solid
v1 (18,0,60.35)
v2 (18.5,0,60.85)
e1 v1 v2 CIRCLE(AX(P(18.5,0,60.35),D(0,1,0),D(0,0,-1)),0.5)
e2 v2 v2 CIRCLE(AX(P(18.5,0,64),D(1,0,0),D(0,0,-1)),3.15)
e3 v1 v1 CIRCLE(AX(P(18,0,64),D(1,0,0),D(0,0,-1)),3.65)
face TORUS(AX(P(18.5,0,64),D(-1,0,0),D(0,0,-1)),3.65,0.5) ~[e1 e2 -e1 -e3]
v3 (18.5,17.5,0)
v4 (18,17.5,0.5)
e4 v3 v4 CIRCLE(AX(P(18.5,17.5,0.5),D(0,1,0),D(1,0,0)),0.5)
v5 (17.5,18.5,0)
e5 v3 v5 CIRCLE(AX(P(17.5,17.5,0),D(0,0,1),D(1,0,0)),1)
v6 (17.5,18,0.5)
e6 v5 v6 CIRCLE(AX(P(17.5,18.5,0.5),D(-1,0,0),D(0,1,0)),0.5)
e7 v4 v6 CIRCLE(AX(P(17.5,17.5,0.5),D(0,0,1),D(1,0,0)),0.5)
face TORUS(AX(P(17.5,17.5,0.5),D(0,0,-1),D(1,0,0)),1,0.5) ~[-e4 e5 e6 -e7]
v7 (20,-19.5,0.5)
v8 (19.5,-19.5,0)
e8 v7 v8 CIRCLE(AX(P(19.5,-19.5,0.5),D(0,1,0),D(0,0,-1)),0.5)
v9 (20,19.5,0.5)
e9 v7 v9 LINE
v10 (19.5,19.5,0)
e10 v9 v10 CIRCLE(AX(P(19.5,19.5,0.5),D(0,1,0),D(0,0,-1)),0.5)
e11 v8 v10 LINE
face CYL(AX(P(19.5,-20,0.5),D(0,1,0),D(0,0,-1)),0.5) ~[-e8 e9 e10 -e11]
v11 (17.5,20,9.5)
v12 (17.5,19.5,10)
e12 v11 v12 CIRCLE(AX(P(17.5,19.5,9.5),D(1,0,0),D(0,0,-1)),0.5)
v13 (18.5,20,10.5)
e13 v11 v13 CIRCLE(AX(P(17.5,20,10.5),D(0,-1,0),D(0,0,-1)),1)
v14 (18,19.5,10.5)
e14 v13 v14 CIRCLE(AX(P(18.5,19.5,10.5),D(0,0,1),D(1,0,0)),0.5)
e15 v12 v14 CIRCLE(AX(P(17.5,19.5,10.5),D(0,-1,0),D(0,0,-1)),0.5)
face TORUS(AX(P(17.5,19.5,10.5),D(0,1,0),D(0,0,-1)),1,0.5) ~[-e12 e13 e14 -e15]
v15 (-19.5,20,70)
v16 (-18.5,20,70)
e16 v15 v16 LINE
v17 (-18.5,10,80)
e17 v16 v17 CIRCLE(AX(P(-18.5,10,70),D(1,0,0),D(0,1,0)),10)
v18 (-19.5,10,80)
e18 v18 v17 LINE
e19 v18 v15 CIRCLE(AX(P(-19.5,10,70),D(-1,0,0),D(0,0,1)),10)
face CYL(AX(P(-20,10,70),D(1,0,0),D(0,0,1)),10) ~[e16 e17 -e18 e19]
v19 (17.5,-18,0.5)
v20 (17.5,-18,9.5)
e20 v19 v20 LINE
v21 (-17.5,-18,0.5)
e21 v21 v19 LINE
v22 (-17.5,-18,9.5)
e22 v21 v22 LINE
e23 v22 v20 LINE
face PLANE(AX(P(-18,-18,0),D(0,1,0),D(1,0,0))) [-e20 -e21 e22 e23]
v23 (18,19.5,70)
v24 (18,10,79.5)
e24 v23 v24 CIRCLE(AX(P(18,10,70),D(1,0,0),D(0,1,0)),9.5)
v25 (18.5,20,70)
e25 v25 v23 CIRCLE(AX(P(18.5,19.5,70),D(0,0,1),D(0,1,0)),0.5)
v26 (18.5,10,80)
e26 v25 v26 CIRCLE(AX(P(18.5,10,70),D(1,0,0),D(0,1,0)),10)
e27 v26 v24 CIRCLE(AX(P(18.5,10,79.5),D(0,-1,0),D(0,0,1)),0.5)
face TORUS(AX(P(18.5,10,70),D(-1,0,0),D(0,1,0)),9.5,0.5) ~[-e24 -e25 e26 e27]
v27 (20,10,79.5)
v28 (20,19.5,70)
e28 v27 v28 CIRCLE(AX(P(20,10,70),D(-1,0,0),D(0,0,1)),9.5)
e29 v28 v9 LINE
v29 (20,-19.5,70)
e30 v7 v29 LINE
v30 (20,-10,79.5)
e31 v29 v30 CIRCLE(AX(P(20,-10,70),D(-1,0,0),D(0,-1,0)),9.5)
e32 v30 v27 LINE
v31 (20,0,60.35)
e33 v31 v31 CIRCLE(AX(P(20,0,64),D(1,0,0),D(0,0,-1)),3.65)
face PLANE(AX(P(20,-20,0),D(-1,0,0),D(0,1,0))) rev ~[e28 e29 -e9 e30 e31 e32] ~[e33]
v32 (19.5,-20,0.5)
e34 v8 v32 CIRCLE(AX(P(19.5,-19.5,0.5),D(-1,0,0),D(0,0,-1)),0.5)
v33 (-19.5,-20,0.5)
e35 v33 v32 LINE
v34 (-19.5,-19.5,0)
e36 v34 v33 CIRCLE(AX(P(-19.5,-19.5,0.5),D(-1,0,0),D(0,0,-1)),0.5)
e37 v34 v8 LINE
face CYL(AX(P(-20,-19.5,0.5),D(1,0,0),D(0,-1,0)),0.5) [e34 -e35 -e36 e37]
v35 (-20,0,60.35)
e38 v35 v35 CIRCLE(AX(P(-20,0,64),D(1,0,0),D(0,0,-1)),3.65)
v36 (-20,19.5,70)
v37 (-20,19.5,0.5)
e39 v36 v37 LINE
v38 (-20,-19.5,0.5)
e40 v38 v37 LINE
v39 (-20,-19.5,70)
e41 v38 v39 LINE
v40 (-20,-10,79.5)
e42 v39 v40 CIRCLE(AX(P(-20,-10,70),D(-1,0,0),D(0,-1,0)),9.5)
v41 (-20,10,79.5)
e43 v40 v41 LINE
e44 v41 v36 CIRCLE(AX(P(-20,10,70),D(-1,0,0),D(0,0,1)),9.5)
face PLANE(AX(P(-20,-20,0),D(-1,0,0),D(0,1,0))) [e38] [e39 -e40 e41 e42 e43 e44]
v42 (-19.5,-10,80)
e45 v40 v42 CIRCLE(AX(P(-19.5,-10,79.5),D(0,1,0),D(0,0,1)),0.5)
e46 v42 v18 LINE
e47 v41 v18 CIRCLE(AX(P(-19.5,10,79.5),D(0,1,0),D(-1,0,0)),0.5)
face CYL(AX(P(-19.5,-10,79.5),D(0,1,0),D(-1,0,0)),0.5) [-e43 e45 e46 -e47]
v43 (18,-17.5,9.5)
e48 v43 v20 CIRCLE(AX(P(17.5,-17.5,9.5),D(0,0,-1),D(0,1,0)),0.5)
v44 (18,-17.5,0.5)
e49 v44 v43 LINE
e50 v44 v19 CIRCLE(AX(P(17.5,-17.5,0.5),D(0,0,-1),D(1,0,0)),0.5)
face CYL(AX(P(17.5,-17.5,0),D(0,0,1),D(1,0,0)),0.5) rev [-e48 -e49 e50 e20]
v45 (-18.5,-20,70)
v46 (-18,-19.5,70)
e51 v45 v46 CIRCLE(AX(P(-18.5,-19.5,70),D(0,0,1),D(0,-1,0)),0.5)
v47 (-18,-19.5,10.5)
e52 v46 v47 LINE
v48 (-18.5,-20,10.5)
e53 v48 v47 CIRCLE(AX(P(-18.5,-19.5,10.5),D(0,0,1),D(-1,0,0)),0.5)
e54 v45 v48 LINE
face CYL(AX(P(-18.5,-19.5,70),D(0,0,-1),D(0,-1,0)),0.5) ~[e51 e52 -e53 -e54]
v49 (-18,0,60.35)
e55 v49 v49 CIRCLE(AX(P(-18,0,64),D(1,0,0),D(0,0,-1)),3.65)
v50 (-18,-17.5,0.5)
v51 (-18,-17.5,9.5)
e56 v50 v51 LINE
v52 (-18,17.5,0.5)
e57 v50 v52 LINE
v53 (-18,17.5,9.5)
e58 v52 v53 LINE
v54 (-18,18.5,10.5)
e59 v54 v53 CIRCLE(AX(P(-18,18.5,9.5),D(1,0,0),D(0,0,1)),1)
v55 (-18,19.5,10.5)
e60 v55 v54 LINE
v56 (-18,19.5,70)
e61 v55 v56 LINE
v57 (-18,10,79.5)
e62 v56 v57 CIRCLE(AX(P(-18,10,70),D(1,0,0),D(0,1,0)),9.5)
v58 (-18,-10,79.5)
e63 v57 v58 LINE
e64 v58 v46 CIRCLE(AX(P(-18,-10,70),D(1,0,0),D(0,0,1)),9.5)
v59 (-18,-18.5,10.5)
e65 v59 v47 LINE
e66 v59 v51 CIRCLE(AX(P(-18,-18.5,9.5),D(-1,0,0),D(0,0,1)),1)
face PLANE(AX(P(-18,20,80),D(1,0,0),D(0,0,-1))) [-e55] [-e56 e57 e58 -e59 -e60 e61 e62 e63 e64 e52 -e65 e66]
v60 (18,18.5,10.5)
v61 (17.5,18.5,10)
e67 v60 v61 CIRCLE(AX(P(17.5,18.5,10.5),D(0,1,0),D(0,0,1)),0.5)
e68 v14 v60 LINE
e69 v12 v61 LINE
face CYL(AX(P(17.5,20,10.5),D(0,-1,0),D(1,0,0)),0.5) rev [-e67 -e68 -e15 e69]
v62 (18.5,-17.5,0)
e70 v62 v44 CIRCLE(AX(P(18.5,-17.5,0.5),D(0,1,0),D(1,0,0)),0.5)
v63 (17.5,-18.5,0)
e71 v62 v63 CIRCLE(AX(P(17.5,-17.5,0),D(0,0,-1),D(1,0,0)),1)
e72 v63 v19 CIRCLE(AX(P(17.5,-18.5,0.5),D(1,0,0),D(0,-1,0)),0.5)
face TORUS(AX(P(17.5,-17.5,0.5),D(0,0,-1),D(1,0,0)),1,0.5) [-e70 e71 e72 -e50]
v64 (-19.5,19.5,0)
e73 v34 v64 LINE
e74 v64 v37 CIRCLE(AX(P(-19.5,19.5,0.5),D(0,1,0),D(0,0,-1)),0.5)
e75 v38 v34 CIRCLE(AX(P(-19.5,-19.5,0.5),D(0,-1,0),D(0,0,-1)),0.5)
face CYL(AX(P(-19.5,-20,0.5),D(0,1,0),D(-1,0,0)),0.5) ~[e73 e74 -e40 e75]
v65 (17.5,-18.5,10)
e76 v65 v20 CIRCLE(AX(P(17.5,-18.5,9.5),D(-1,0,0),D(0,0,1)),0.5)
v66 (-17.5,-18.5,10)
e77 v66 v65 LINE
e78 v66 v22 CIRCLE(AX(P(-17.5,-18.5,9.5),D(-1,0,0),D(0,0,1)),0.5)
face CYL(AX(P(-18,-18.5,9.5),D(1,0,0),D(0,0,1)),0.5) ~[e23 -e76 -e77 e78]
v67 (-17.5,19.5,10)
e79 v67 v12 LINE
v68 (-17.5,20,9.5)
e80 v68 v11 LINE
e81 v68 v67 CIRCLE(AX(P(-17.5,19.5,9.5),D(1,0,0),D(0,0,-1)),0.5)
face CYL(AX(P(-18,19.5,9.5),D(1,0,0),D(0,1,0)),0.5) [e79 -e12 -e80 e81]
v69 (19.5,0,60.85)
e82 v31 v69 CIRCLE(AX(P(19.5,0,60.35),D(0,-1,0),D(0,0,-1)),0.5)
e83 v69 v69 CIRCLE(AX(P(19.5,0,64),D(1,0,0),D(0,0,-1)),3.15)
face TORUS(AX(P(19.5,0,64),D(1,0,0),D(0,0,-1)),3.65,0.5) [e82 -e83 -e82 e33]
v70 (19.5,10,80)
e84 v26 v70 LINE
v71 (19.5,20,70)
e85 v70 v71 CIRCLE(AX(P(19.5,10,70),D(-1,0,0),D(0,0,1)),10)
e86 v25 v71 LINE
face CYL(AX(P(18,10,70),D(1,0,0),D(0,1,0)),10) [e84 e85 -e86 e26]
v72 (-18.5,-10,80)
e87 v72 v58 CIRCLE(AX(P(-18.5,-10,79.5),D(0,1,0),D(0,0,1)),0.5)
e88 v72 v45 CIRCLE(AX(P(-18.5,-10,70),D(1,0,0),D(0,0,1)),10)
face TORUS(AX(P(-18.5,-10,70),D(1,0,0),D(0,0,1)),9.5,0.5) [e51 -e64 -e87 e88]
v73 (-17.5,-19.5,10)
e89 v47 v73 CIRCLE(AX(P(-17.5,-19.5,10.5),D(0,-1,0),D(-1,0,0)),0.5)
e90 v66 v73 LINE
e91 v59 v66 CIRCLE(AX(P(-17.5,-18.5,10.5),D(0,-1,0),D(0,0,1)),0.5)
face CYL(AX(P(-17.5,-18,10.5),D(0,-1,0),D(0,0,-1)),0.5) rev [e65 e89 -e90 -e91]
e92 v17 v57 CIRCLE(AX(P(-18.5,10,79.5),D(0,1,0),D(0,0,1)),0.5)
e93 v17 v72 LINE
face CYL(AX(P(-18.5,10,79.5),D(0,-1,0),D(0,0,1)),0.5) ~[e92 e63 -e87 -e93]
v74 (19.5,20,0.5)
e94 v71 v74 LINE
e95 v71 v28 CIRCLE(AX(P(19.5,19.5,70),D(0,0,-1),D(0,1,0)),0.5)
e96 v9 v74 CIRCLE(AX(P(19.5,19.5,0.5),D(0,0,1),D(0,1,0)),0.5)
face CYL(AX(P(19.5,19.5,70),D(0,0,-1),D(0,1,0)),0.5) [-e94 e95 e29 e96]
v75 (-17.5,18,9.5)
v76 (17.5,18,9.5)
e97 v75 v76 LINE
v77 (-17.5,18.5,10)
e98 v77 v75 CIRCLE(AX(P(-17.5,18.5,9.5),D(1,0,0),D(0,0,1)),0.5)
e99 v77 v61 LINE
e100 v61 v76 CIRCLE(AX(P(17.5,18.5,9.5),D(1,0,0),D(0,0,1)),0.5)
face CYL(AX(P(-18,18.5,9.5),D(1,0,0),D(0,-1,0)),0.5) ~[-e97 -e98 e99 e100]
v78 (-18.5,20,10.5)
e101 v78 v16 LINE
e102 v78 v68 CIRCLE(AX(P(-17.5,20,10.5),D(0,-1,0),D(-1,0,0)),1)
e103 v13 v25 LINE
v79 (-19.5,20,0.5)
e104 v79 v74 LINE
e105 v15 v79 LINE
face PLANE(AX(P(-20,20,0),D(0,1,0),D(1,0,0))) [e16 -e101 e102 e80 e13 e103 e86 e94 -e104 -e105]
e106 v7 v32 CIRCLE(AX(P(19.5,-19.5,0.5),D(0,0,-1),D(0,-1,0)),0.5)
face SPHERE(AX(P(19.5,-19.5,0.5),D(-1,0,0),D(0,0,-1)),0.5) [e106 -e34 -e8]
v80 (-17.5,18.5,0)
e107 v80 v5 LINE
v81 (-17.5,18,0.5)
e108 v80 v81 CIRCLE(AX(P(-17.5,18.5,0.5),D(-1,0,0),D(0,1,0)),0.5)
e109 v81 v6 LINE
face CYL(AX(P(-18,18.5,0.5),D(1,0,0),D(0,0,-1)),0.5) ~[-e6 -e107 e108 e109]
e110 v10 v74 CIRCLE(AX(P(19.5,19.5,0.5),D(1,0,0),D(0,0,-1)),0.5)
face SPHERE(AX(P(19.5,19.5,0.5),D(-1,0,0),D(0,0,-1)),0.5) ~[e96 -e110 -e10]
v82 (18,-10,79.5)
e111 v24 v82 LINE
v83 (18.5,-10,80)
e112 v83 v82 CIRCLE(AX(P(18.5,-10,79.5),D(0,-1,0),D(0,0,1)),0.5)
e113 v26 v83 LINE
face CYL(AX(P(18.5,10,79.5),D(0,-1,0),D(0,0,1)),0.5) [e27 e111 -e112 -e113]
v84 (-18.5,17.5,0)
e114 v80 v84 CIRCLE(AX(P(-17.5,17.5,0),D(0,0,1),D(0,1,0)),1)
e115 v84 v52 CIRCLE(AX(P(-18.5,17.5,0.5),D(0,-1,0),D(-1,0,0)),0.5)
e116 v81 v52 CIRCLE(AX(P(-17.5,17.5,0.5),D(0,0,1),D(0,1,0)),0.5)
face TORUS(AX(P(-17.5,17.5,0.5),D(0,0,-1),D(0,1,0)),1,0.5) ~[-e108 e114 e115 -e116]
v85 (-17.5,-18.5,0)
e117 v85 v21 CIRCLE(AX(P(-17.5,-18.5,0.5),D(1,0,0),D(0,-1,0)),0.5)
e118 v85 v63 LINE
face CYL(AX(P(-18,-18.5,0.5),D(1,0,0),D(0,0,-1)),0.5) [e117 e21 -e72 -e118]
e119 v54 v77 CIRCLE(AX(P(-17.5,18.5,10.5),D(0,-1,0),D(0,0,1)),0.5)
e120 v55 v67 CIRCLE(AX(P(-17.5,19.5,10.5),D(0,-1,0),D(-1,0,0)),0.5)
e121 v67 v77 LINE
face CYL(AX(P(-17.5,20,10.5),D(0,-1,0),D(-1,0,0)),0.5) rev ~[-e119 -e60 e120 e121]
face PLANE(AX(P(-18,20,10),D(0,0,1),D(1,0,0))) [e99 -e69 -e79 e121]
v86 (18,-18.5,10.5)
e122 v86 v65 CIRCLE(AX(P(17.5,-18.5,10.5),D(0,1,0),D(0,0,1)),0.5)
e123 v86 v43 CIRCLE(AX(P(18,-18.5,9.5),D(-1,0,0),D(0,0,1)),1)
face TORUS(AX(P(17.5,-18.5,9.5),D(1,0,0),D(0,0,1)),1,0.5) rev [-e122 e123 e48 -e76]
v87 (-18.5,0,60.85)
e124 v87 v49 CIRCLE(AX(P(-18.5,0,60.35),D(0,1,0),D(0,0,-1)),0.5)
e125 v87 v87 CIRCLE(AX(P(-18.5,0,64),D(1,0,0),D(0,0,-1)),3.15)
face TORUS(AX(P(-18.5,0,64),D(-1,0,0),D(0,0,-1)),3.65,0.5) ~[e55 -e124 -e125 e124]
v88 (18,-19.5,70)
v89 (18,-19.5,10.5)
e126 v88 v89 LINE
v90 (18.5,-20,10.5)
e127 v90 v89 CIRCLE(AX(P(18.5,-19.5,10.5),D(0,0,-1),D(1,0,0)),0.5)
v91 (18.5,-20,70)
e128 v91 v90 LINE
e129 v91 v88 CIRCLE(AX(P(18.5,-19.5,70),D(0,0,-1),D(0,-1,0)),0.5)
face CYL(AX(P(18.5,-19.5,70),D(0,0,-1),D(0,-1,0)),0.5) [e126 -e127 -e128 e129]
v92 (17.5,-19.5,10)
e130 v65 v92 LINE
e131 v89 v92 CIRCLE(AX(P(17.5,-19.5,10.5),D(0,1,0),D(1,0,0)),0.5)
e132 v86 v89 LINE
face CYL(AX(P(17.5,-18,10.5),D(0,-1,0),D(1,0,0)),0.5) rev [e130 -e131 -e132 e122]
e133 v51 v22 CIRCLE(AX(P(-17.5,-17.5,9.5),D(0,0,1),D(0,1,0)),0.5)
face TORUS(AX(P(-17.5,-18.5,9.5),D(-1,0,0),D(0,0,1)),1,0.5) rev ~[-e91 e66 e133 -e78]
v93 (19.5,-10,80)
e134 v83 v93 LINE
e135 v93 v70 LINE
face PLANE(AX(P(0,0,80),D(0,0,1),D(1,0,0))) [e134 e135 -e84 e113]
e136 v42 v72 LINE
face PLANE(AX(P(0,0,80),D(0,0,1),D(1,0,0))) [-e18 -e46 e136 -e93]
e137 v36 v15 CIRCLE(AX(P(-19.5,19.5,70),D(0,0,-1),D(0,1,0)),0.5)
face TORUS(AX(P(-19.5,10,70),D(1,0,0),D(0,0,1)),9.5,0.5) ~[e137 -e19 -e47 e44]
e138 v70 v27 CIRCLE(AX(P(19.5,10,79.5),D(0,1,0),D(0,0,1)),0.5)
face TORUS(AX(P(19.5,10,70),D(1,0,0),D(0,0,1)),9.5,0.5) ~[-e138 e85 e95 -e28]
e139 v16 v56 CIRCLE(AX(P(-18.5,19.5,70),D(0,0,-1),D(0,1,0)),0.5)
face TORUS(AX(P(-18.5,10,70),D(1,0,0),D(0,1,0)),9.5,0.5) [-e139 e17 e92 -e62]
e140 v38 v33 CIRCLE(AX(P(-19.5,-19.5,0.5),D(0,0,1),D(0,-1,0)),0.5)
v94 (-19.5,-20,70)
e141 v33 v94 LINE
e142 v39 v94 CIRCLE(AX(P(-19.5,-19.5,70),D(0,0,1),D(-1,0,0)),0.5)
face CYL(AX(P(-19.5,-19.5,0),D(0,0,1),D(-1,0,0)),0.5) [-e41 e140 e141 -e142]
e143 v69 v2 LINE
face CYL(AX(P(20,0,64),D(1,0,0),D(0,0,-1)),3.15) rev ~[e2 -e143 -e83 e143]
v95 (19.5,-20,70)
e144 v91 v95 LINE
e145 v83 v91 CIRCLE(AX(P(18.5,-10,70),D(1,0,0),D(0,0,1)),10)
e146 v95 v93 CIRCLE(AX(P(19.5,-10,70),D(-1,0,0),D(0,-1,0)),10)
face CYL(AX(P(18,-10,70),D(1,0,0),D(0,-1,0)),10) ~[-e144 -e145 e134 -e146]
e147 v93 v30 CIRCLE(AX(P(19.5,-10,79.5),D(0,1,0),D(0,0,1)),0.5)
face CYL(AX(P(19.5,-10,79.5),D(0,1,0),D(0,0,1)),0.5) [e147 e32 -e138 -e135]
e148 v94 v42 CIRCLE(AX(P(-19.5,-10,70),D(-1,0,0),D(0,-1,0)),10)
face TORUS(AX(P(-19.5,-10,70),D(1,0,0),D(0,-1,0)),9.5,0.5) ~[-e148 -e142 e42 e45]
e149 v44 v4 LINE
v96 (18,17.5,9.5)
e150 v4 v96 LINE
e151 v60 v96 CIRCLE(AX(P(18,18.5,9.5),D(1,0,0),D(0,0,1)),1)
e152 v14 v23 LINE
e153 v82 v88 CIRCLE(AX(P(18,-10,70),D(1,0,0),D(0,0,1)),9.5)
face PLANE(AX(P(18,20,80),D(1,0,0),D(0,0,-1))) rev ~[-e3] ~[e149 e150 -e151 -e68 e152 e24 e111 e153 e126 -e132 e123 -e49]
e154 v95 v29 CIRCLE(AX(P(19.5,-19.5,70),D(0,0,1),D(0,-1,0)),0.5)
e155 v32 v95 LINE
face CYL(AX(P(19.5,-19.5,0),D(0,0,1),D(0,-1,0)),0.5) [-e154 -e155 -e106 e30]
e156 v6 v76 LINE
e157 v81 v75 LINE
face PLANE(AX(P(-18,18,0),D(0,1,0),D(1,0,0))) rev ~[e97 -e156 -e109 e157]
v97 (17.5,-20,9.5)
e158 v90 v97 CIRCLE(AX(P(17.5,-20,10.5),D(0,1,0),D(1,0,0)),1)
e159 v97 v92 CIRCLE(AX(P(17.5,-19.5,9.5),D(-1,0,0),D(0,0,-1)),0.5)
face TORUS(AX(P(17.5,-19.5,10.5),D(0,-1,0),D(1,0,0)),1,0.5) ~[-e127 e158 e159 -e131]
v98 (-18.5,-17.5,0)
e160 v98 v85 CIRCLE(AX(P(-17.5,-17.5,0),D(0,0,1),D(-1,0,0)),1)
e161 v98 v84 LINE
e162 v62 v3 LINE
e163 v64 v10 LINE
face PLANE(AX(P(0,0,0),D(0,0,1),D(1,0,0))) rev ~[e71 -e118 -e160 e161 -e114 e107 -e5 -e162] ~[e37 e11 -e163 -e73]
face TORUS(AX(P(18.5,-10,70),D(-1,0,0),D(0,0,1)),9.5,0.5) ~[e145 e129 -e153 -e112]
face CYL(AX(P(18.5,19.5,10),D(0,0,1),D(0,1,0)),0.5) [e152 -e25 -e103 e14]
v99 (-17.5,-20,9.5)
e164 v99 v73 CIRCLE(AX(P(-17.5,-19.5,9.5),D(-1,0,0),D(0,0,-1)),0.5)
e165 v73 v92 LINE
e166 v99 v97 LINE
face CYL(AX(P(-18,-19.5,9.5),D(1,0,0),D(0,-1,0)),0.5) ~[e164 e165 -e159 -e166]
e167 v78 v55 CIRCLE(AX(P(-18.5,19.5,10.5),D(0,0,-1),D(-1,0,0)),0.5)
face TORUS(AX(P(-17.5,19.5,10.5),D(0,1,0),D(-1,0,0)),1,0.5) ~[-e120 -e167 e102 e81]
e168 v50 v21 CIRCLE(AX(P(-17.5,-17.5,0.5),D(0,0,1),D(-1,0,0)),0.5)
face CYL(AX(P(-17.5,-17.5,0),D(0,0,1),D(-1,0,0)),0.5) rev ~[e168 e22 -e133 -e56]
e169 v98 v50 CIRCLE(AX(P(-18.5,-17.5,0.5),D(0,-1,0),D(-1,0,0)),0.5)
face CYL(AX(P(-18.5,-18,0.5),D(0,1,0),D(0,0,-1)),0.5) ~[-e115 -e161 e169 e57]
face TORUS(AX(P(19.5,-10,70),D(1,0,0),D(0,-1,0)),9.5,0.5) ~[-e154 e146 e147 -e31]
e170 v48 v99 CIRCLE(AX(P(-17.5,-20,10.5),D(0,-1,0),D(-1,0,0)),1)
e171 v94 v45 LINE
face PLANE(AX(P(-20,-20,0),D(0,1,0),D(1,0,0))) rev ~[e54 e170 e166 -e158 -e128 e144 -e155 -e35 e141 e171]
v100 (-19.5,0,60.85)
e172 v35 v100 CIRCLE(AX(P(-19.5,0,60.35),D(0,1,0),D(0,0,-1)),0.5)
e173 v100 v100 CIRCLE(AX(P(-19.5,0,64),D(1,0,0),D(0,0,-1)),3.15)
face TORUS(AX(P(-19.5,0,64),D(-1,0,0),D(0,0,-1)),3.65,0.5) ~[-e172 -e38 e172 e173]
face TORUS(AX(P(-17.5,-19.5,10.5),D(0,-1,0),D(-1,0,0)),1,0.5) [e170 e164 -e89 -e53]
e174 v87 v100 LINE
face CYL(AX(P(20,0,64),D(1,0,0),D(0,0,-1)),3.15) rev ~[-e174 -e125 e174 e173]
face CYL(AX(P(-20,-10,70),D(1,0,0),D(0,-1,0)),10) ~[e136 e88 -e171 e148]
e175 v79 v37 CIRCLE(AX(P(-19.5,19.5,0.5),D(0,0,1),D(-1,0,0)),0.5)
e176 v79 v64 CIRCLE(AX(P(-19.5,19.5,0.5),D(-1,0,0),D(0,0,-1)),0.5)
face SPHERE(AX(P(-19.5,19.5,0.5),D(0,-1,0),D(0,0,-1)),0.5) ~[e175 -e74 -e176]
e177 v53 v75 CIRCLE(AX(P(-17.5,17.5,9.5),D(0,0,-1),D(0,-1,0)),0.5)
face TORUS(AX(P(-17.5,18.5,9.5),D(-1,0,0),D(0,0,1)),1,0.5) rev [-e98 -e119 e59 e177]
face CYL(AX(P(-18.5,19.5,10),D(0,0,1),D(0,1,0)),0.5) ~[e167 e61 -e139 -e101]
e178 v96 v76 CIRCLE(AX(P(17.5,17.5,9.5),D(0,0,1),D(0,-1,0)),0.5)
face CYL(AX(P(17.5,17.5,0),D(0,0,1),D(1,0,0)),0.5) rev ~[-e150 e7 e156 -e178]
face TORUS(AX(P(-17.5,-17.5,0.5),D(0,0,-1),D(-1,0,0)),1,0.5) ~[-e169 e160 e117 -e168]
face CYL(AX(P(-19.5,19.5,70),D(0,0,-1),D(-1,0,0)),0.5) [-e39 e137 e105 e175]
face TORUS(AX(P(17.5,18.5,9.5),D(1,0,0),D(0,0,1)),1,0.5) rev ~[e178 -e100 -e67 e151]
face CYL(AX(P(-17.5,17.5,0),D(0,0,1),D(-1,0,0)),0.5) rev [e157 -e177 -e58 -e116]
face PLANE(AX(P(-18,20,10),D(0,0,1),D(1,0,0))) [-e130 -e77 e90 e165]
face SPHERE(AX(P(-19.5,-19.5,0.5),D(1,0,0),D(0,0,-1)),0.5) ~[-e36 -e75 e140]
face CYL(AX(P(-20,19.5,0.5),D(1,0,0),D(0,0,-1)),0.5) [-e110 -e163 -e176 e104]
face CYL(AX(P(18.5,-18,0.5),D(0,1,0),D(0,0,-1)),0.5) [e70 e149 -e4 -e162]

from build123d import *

# Parameters (mm, degrees)
SKIZZE1_W                       = 40
SKIZZE1_H                       = 40
SKIZZE1_W_2                     = 36
SKIZZE1_H_2                     = 36
AUFSATZ_LINEAR_AUSTRAGEN1_DEPTH = 80
SKIZZE2_W                       = 36
SKIZZE2_H                       = 70
SCHNITT_LINEAR_AUSTRAGEN1_DEPTH = 92.651513899
SKIZZE3_R                       = 3.15
SCHNITT_LINEAR_AUSTRAGEN2_DEPTH = 92.651513899
VERRUNDUNG1_R                   = 10
VERRUNDUNG2_R                   = 0.5


with BuildPart() as part:
    # Skizze1 → Aufsatz-Linear austragen1 (new body)
    with BuildSketch(Plane.XY):
        Rectangle(SKIZZE1_W, SKIZZE1_H)
        Rectangle(SKIZZE1_W_2, SKIZZE1_H_2, mode=Mode.SUBTRACT)
    extrude(amount=AUFSATZ_LINEAR_AUSTRAGEN1_DEPTH)

    # Skizze2 → Schnitt-Linear austragen1 (cut, through all)
    with BuildSketch(Plane(origin=(0, 20, 0), x_dir=(1, 0, 0), z_dir=(0, 1, 0))):
        with Locations((0, -45)):
            Rectangle(SKIZZE2_W, SKIZZE2_H)
    extrude(amount=-SCHNITT_LINEAR_AUSTRAGEN1_DEPTH, mode=Mode.SUBTRACT)

    # Skizze3 → Schnitt-Linear austragen2 (cut, through all)
    with BuildSketch(Plane(origin=(20, 0, 0), x_dir=(0, 0, -1), z_dir=(1, 0, 0))):
        with Locations((-64, 0)):
            Circle(SKIZZE3_R)
    extrude(amount=-SCHNITT_LINEAR_AUSTRAGEN2_DEPTH, mode=Mode.SUBTRACT)

    # Verrundung1
    verrundung1_edges = [part.edges().sort_by_distance(p)[0] for p in [
        (-19, -20, 80),
        (19, -20, 80),
        (-19, 20, 80),
        (19, 20, 80),
    ]]
    fillet(verrundung1_edges, radius=VERRUNDUNG1_R)

    # Verrundung2
    verrundung2_edges = [part.edges().sort_by_distance(p)[0] for p in [
        (18, 0, 0),
        (0, 18, 0),
        (-18, 0, 0),
        (0, -18, 0),
        (-18, -18, 5),
        (18, -18, 5),
        (0, -18, 10),
        (-18, 18, 5),
        (18, 18, 5),
        (0, 18, 10),
        (-18, 19, 10),
        (18, 19, 10),
        (-18, -20, 40),
        (0, -20, 10),
        (-18, -19, 10),
        (18, -19, 10),
        (-18, 20, 40),
        (0, 20, 10),
        (0, -20, 0),
        (-20, 0, 0),
        (0, 20, 0),
        (-18, 0, 67.15),
        (18, 0, 67.15),
        (-20, 0, 67.15),
        (20, 0, 67.15),
        (20, 0, 0),
        (-18, 0, 80),
        (-20, 0, 80),
        (-18, 17.071067812, 77.071067812),
        (-18, -17.071067812, 77.071067812),
        (-20, -20, 35),
        (20, -20, 35),
        (18, -20, 40),
        (-20, 20, 35),
        (-20, 17.071067812, 77.071067812),
        (-20, -17.071067812, 77.071067812),
        (18, 0, 80),
        (20, 0, 80),
        (20, 20, 35),
        (20, 17.071067812, 77.071067812),
        (20, -17.071067812, 77.071067812),
        (18, 20, 40),
        (18, 17.071067812, 77.071067812),
        (18, -17.071067812, 77.071067812),
    ]]
    fillet(verrundung2_edges, radius=VERRUNDUNG2_R)


solid = part.part
